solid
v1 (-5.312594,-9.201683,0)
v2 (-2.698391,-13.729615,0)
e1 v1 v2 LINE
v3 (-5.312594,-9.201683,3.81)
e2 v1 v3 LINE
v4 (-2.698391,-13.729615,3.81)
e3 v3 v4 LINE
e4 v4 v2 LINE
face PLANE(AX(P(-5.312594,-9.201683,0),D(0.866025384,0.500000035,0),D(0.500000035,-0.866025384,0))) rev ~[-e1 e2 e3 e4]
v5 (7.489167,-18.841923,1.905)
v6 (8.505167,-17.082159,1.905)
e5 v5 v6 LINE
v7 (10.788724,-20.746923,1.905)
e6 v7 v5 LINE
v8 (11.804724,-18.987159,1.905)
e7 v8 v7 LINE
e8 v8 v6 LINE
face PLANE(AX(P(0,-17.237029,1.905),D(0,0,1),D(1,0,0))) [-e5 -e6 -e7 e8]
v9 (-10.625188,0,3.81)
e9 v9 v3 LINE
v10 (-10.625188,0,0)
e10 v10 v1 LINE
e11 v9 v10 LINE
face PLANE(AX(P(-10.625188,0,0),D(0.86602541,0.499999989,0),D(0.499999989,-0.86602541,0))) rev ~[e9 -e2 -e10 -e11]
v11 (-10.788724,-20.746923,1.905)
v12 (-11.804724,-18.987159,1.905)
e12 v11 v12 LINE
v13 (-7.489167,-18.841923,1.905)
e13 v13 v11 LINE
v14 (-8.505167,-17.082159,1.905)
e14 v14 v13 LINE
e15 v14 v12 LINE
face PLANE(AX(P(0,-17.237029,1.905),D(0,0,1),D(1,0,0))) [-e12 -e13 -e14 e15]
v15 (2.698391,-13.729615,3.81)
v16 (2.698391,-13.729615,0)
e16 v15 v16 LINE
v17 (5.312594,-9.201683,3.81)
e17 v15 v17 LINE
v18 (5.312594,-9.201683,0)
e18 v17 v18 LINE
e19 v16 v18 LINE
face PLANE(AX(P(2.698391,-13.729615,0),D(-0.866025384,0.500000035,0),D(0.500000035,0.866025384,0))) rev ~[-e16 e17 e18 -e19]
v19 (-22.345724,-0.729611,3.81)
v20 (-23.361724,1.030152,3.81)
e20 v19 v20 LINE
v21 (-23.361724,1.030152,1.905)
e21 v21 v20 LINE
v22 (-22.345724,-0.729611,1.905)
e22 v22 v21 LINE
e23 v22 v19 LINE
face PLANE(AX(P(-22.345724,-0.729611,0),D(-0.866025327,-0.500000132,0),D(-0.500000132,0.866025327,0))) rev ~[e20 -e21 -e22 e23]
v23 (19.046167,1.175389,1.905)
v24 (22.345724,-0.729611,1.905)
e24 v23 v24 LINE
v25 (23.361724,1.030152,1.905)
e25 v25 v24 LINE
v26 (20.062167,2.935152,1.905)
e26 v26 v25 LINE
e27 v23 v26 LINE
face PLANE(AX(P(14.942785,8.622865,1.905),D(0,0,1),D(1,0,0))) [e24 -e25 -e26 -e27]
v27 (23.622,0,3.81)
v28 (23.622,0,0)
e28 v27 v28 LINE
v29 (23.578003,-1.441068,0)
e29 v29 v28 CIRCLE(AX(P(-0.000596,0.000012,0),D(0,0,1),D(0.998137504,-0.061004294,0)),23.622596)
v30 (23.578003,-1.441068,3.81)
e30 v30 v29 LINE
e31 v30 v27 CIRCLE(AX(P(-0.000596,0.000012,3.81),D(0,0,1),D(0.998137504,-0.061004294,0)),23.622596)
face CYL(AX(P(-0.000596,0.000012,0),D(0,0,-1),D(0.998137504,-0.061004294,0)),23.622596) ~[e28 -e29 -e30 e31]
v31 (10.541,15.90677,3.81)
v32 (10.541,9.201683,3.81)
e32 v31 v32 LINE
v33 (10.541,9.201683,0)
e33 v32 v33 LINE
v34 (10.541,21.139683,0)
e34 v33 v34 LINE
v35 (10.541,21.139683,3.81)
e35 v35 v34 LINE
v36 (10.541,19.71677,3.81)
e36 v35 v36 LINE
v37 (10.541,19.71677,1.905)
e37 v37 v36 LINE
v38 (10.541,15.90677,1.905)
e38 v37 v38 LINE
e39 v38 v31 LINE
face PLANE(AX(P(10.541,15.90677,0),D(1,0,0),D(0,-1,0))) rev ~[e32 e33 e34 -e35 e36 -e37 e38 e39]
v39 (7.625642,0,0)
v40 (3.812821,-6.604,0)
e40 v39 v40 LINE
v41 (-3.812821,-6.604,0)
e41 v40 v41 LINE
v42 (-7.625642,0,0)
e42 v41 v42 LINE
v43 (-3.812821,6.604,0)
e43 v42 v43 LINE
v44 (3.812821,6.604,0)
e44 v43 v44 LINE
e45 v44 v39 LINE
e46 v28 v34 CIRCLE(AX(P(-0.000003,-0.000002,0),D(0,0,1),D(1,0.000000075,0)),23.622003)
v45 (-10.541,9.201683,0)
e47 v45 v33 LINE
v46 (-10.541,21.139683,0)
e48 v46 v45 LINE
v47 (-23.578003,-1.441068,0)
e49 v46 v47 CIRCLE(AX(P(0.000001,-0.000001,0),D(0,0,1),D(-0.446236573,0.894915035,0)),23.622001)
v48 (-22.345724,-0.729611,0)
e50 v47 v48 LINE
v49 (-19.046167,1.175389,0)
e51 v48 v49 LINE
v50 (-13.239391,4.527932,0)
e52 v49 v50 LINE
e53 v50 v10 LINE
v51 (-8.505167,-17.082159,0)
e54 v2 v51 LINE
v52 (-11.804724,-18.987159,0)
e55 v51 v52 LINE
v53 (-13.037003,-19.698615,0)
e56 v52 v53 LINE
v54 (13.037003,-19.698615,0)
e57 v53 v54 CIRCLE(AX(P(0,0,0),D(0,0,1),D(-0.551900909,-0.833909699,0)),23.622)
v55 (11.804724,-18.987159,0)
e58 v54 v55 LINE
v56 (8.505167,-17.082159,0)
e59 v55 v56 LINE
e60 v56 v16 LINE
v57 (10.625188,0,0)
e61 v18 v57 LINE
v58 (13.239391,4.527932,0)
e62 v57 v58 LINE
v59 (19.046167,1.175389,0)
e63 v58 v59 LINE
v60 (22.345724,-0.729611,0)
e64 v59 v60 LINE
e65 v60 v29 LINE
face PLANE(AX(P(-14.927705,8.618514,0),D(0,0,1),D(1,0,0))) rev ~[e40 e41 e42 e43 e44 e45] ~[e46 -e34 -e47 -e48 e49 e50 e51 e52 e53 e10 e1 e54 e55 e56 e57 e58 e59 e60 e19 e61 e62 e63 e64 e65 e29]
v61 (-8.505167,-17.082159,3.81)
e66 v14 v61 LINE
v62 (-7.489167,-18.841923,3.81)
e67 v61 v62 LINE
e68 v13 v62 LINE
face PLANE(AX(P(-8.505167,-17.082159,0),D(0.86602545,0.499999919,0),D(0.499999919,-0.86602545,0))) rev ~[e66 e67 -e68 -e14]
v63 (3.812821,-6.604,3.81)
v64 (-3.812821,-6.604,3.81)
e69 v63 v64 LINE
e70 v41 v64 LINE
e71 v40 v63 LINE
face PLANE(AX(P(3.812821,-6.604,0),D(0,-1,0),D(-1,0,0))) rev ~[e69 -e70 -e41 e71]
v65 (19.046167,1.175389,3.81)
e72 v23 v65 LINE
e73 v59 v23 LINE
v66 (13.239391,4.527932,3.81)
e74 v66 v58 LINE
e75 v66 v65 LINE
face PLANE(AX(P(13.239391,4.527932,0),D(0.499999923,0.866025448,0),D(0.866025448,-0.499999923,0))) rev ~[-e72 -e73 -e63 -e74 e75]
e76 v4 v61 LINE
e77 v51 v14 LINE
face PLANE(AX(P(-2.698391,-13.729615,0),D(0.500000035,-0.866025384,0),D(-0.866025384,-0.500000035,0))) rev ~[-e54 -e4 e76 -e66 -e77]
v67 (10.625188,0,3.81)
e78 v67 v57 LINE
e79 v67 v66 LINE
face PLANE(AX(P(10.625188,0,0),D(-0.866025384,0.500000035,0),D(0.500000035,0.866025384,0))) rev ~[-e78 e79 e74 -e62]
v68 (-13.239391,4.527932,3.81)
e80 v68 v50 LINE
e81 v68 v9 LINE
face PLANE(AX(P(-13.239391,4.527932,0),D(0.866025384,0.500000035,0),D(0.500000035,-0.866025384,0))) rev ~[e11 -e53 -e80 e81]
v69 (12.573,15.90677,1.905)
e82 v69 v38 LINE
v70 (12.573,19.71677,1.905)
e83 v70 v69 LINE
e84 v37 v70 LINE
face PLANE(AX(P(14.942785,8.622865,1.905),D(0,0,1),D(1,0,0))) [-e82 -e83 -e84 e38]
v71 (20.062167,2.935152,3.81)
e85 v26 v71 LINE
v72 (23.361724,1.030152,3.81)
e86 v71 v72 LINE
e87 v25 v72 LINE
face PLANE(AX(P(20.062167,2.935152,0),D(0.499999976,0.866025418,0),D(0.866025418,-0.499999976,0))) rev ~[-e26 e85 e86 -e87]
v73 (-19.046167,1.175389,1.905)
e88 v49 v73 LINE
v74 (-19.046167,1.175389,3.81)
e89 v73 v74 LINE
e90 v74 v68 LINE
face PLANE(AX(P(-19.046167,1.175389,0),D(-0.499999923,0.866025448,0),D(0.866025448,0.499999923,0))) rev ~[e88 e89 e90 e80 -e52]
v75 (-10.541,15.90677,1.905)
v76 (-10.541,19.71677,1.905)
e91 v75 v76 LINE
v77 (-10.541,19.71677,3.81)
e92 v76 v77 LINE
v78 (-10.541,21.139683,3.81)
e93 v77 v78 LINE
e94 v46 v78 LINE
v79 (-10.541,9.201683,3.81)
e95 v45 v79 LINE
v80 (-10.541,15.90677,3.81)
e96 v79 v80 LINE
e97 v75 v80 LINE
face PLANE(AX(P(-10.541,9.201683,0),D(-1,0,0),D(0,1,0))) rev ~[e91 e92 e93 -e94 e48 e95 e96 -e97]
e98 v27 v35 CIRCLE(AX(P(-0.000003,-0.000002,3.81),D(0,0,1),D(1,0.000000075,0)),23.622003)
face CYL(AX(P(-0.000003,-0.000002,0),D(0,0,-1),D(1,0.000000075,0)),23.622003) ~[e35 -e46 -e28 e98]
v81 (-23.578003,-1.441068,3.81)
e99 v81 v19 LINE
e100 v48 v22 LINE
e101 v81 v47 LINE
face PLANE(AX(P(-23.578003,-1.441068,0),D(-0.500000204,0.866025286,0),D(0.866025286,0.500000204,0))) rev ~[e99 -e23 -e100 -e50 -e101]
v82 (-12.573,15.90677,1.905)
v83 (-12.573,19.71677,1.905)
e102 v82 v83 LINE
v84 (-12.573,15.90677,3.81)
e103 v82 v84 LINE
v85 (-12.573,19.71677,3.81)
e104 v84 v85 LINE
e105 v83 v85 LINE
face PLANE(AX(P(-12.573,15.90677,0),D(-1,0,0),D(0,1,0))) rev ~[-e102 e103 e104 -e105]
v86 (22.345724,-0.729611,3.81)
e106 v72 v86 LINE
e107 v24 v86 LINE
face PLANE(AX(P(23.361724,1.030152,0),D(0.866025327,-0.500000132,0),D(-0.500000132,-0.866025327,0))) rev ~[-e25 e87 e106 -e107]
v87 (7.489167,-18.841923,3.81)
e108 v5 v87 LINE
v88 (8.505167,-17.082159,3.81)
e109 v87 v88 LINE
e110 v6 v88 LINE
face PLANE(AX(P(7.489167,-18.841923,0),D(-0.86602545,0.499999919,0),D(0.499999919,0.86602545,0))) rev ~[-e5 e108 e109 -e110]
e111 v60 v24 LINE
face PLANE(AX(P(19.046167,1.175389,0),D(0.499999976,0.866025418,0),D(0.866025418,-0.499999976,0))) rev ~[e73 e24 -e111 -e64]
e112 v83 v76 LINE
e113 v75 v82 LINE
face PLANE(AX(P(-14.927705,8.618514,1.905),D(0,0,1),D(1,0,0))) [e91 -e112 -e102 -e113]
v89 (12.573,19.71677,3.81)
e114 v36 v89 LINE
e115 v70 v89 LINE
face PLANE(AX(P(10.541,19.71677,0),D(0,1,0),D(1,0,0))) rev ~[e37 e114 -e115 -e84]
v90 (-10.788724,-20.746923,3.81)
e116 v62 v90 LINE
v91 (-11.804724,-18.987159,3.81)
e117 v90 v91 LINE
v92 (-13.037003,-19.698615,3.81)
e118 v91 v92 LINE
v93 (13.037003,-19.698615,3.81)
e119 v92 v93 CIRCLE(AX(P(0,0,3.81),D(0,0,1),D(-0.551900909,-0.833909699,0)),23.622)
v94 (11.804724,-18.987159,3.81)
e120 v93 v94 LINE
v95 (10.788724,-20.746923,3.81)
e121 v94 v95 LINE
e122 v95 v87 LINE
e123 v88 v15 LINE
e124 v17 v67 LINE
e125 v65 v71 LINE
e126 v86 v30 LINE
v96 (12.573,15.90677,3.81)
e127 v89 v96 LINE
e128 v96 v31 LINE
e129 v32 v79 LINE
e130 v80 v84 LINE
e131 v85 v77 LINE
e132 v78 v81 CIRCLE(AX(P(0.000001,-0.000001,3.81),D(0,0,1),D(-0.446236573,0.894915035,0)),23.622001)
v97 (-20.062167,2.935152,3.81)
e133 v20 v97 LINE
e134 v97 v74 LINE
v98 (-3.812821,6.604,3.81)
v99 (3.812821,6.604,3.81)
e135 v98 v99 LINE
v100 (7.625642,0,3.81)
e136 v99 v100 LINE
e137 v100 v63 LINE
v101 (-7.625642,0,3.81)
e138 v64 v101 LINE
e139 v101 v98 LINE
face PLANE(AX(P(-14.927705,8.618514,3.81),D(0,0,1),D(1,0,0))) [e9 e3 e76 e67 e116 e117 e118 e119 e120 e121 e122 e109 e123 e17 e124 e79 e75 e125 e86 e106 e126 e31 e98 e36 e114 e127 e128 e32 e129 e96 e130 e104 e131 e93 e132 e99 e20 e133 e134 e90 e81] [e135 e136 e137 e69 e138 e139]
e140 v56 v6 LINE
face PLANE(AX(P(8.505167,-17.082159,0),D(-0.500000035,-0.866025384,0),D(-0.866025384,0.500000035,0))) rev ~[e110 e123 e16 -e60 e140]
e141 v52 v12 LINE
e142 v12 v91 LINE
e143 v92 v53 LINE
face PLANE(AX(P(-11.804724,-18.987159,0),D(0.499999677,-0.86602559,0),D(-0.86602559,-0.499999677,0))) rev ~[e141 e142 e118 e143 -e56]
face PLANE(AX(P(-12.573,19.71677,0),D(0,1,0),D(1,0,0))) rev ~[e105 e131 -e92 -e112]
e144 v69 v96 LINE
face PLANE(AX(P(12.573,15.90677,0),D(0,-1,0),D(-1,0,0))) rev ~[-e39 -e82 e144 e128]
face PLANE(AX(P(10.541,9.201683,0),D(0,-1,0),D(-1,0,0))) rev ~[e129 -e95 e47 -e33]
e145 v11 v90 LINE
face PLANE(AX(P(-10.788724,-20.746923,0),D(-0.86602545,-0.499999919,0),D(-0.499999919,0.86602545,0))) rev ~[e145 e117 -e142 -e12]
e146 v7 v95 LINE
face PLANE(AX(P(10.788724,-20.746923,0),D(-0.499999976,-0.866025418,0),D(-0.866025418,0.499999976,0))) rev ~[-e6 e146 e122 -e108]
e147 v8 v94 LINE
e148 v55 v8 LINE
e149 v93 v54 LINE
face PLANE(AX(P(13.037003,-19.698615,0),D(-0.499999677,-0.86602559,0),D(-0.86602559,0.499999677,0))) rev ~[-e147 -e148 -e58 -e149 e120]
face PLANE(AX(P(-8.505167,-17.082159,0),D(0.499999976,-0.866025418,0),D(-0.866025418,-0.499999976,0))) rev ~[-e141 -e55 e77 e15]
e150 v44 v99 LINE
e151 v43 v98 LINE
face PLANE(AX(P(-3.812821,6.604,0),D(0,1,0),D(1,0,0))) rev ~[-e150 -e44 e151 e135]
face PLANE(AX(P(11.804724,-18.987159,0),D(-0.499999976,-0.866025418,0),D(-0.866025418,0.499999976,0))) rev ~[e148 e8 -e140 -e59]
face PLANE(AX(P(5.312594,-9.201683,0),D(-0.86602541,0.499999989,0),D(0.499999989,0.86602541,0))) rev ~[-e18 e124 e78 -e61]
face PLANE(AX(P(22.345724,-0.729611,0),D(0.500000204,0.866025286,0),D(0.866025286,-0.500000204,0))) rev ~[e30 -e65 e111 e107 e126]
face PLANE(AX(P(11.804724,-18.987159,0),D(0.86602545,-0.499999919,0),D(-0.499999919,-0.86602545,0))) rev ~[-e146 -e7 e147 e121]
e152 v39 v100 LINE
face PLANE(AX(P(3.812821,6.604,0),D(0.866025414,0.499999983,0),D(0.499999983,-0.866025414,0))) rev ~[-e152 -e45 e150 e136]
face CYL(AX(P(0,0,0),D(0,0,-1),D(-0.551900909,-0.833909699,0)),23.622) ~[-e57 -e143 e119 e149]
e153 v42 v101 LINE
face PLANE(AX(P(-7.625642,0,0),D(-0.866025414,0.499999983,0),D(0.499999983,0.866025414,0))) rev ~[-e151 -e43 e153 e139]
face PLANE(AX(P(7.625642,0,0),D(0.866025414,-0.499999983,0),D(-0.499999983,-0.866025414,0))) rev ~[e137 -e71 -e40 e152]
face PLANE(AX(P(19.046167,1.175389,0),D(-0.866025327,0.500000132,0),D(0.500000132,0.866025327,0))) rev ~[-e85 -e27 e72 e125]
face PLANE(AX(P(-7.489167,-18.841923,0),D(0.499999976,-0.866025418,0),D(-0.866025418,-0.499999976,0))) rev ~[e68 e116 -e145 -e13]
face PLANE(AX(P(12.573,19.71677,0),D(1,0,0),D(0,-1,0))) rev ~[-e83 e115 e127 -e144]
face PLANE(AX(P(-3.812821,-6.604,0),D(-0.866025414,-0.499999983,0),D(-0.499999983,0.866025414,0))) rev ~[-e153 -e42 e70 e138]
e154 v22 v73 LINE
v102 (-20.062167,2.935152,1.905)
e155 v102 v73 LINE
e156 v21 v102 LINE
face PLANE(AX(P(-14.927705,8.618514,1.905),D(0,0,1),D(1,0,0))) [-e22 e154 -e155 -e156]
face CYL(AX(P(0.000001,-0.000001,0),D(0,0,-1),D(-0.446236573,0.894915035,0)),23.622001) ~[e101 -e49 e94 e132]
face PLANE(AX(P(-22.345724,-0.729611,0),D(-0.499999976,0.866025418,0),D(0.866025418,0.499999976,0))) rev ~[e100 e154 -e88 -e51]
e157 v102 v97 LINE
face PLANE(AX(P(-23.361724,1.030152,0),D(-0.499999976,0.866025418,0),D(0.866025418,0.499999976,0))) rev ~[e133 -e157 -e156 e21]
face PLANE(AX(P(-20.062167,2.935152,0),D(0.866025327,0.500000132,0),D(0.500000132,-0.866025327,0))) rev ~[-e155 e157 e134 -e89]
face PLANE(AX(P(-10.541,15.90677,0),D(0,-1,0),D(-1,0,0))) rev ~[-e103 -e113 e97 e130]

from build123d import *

# Parameters (mm, degrees)
F1_DEPTH = 3.81
F0_W     = 2.032
F0_H     = 3.81
F2_DEPTH = 1.905


with BuildPart() as f1:
    # F0 (on Top) → F1 (new body)
    with BuildSketch(Plane.XY):
        with BuildLine():
            Line((-10.541, 19.71677), (-10.541, 21.139683))
            ThreePointArc((-10.541, 21.139683), (-20.457252, 11.811), (-23.578003, -1.441068))
            Line((-23.578003, -1.441068), (-22.345724, -0.729611))
            Line((-22.345724, -0.729611), (-23.361724, 1.030152))
            Line((-23.361724, 1.030152), (-20.062167, 2.935152))
            Line((-20.062167, 2.935152), (-19.046167, 1.175389))
            Line((-19.046167, 1.175389), (-13.239391, 4.527932))
            Line((-13.239391, 4.527932), (-10.625188, 0))
            Line((-10.625188, 0), (-5.312594, 9.201683))
            Line((-5.312594, 9.201683), (-10.541, 9.201683))
            Line((-10.541, 9.201683), (-10.541, 15.90677))
            Line((-10.541, 15.90677), (-12.573, 15.90677))
            Line((-12.573, 15.90677), (-12.573, 19.71677))
            Line((-12.573, 19.71677), (-10.541, 19.71677))
        make_face()
        Polygon((10.625188, 0), (5.312594, 9.201683), (-5.312594, 9.201683), (-10.625188, 0), (-5.312594, -9.201683), (5.312594, -9.201683), align=None)
        Polygon((-7.625642, 0), (-3.812821, 6.604), (3.812821, 6.604), (7.625642, 0), (3.812821, -6.604), (-3.812821, -6.604), align=None, mode=Mode.SUBTRACT)
        with BuildLine():
            ThreePointArc((23.578003, -1.441068), (23.610998, -0.72087), (23.622, 0))
            ThreePointArc((23.622, 0), (20.087289, 12.42979), (10.541, 21.139683))
            Line((10.541, 21.139683), (10.541, 19.71677))
            Line((10.541, 19.71677), (12.573, 19.71677))
            Line((12.573, 19.71677), (12.573, 15.90677))
            Line((12.573, 15.90677), (10.541, 15.90677))
            Line((10.541, 15.90677), (10.541, 9.201683))
            Line((10.541, 9.201683), (5.312594, 9.201683))
            Line((5.312594, 9.201683), (10.625188, 0))
            Line((10.625188, 0), (13.239391, 4.527932))
            Line((13.239391, 4.527932), (19.046167, 1.175389))
            Line((19.046167, 1.175389), (20.062167, 2.935152))
            Line((20.062167, 2.935152), (23.361724, 1.030152))
            Line((23.361724, 1.030152), (22.345724, -0.729611))
            Line((22.345724, -0.729611), (23.578003, -1.441068))
        make_face()
        with BuildLine():
            ThreePointArc((-13.037003, -19.698615), (0, -23.622), (13.037003, -19.698615))
            Line((13.037003, -19.698615), (11.804724, -18.987159))
            Line((11.804724, -18.987159), (10.788724, -20.746923))
            Line((10.788724, -20.746923), (7.489167, -18.841923))
            Line((7.489167, -18.841923), (8.505167, -17.082159))
            Line((8.505167, -17.082159), (2.698391, -13.729615))
            Line((2.698391, -13.729615), (5.312594, -9.201683))
            Line((5.312594, -9.201683), (-5.312594, -9.201683))
            Line((-5.312594, -9.201683), (-2.698391, -13.729615))
            Line((-2.698391, -13.729615), (-8.505167, -17.082159))
            Line((-8.505167, -17.082159), (-7.489167, -18.841923))
            Line((-7.489167, -18.841923), (-10.788724, -20.746923))
            Line((-10.788724, -20.746923), (-11.804724, -18.987159))
            Line((-11.804724, -18.987159), (-13.037003, -19.698615))
        make_face()
    extrude(amount=F1_DEPTH)

    # F0 (on Top) → F2 (join)
    with BuildSketch(Plane.XY):
        with BuildLine():
            ThreePointArc((23.578003, -1.441068), (23.610998, -0.72087), (23.622, 0))
            ThreePointArc((23.622, 0), (20.087289, 12.42979), (10.541, 21.139683))
            Line((10.541, 21.139683), (10.541, 19.71677))
            Line((10.541, 19.71677), (12.573, 19.71677))
            Line((12.573, 19.71677), (12.573, 15.90677))
            Line((12.573, 15.90677), (10.541, 15.90677))
            Line((10.541, 15.90677), (10.541, 9.201683))
            Line((10.541, 9.201683), (5.312594, 9.201683))
            Line((5.312594, 9.201683), (10.625188, 0))
            Line((10.625188, 0), (13.239391, 4.527932))
            Line((13.239391, 4.527932), (19.046167, 1.175389))
            Line((19.046167, 1.175389), (20.062167, 2.935152))
            Line((20.062167, 2.935152), (23.361724, 1.030152))
            Line((23.361724, 1.030152), (22.345724, -0.729611))
            Line((22.345724, -0.729611), (23.578003, -1.441068))
        make_face()
        with BuildLine():
            ThreePointArc((-13.037003, -19.698615), (0, -23.622), (13.037003, -19.698615))
            Line((13.037003, -19.698615), (11.804724, -18.987159))
            Line((11.804724, -18.987159), (10.788724, -20.746923))
            Line((10.788724, -20.746923), (7.489167, -18.841923))
            Line((7.489167, -18.841923), (8.505167, -17.082159))
            Line((8.505167, -17.082159), (2.698391, -13.729615))
            Line((2.698391, -13.729615), (5.312594, -9.201683))
            Line((5.312594, -9.201683), (-5.312594, -9.201683))
            Line((-5.312594, -9.201683), (-2.698391, -13.729615))
            Line((-2.698391, -13.729615), (-8.505167, -17.082159))
            Line((-8.505167, -17.082159), (-7.489167, -18.841923))
            Line((-7.489167, -18.841923), (-10.788724, -20.746923))
            Line((-10.788724, -20.746923), (-11.804724, -18.987159))
            Line((-11.804724, -18.987159), (-13.037003, -19.698615))
        make_face()
        with BuildLine():
            Line((-10.541, 19.71677), (-10.541, 21.139683))
            ThreePointArc((-10.541, 21.139683), (-20.457252, 11.811), (-23.578003, -1.441068))
            Line((-23.578003, -1.441068), (-22.345724, -0.729611))
            Line((-22.345724, -0.729611), (-23.361724, 1.030152))
            Line((-23.361724, 1.030152), (-20.062167, 2.935152))
            Line((-20.062167, 2.935152), (-19.046167, 1.175389))
            Line((-19.046167, 1.175389), (-13.239391, 4.527932))
            Line((-13.239391, 4.527932), (-10.625188, 0))
            Line((-10.625188, 0), (-5.312594, 9.201683))
            Line((-5.312594, 9.201683), (-10.541, 9.201683))
            Line((-10.541, 9.201683), (-10.541, 15.90677))
            Line((-10.541, 15.90677), (-12.573, 15.90677))
            Line((-12.573, 15.90677), (-12.573, 19.71677))
            Line((-12.573, 19.71677), (-10.541, 19.71677))
        make_face()
        Polygon((-23.361724, 1.030152), (-22.345724, -0.729611), (-19.046167, 1.175389), (-20.062167, 2.935152), align=None)
        Polygon((-8.505167, -17.082159), (-11.804724, -18.987159), (-10.788724, -20.746923), (-7.489167, -18.841923), align=None)
        Polygon((10.788724, -20.746923), (11.804724, -18.987159), (8.505167, -17.082159), (7.489167, -18.841923), align=None)
        Polygon((19.046167, 1.175389), (22.345724, -0.729611), (23.361724, 1.030152), (20.062167, 2.935152), align=None)
        with Locations((-11.557, 17.81177)):
            Rectangle(F0_W, F0_H)
        with Locations((11.557, 17.81177)):
            Rectangle(F0_W, F0_H)
    extrude(amount=F2_DEPTH)


solid = f1.part
